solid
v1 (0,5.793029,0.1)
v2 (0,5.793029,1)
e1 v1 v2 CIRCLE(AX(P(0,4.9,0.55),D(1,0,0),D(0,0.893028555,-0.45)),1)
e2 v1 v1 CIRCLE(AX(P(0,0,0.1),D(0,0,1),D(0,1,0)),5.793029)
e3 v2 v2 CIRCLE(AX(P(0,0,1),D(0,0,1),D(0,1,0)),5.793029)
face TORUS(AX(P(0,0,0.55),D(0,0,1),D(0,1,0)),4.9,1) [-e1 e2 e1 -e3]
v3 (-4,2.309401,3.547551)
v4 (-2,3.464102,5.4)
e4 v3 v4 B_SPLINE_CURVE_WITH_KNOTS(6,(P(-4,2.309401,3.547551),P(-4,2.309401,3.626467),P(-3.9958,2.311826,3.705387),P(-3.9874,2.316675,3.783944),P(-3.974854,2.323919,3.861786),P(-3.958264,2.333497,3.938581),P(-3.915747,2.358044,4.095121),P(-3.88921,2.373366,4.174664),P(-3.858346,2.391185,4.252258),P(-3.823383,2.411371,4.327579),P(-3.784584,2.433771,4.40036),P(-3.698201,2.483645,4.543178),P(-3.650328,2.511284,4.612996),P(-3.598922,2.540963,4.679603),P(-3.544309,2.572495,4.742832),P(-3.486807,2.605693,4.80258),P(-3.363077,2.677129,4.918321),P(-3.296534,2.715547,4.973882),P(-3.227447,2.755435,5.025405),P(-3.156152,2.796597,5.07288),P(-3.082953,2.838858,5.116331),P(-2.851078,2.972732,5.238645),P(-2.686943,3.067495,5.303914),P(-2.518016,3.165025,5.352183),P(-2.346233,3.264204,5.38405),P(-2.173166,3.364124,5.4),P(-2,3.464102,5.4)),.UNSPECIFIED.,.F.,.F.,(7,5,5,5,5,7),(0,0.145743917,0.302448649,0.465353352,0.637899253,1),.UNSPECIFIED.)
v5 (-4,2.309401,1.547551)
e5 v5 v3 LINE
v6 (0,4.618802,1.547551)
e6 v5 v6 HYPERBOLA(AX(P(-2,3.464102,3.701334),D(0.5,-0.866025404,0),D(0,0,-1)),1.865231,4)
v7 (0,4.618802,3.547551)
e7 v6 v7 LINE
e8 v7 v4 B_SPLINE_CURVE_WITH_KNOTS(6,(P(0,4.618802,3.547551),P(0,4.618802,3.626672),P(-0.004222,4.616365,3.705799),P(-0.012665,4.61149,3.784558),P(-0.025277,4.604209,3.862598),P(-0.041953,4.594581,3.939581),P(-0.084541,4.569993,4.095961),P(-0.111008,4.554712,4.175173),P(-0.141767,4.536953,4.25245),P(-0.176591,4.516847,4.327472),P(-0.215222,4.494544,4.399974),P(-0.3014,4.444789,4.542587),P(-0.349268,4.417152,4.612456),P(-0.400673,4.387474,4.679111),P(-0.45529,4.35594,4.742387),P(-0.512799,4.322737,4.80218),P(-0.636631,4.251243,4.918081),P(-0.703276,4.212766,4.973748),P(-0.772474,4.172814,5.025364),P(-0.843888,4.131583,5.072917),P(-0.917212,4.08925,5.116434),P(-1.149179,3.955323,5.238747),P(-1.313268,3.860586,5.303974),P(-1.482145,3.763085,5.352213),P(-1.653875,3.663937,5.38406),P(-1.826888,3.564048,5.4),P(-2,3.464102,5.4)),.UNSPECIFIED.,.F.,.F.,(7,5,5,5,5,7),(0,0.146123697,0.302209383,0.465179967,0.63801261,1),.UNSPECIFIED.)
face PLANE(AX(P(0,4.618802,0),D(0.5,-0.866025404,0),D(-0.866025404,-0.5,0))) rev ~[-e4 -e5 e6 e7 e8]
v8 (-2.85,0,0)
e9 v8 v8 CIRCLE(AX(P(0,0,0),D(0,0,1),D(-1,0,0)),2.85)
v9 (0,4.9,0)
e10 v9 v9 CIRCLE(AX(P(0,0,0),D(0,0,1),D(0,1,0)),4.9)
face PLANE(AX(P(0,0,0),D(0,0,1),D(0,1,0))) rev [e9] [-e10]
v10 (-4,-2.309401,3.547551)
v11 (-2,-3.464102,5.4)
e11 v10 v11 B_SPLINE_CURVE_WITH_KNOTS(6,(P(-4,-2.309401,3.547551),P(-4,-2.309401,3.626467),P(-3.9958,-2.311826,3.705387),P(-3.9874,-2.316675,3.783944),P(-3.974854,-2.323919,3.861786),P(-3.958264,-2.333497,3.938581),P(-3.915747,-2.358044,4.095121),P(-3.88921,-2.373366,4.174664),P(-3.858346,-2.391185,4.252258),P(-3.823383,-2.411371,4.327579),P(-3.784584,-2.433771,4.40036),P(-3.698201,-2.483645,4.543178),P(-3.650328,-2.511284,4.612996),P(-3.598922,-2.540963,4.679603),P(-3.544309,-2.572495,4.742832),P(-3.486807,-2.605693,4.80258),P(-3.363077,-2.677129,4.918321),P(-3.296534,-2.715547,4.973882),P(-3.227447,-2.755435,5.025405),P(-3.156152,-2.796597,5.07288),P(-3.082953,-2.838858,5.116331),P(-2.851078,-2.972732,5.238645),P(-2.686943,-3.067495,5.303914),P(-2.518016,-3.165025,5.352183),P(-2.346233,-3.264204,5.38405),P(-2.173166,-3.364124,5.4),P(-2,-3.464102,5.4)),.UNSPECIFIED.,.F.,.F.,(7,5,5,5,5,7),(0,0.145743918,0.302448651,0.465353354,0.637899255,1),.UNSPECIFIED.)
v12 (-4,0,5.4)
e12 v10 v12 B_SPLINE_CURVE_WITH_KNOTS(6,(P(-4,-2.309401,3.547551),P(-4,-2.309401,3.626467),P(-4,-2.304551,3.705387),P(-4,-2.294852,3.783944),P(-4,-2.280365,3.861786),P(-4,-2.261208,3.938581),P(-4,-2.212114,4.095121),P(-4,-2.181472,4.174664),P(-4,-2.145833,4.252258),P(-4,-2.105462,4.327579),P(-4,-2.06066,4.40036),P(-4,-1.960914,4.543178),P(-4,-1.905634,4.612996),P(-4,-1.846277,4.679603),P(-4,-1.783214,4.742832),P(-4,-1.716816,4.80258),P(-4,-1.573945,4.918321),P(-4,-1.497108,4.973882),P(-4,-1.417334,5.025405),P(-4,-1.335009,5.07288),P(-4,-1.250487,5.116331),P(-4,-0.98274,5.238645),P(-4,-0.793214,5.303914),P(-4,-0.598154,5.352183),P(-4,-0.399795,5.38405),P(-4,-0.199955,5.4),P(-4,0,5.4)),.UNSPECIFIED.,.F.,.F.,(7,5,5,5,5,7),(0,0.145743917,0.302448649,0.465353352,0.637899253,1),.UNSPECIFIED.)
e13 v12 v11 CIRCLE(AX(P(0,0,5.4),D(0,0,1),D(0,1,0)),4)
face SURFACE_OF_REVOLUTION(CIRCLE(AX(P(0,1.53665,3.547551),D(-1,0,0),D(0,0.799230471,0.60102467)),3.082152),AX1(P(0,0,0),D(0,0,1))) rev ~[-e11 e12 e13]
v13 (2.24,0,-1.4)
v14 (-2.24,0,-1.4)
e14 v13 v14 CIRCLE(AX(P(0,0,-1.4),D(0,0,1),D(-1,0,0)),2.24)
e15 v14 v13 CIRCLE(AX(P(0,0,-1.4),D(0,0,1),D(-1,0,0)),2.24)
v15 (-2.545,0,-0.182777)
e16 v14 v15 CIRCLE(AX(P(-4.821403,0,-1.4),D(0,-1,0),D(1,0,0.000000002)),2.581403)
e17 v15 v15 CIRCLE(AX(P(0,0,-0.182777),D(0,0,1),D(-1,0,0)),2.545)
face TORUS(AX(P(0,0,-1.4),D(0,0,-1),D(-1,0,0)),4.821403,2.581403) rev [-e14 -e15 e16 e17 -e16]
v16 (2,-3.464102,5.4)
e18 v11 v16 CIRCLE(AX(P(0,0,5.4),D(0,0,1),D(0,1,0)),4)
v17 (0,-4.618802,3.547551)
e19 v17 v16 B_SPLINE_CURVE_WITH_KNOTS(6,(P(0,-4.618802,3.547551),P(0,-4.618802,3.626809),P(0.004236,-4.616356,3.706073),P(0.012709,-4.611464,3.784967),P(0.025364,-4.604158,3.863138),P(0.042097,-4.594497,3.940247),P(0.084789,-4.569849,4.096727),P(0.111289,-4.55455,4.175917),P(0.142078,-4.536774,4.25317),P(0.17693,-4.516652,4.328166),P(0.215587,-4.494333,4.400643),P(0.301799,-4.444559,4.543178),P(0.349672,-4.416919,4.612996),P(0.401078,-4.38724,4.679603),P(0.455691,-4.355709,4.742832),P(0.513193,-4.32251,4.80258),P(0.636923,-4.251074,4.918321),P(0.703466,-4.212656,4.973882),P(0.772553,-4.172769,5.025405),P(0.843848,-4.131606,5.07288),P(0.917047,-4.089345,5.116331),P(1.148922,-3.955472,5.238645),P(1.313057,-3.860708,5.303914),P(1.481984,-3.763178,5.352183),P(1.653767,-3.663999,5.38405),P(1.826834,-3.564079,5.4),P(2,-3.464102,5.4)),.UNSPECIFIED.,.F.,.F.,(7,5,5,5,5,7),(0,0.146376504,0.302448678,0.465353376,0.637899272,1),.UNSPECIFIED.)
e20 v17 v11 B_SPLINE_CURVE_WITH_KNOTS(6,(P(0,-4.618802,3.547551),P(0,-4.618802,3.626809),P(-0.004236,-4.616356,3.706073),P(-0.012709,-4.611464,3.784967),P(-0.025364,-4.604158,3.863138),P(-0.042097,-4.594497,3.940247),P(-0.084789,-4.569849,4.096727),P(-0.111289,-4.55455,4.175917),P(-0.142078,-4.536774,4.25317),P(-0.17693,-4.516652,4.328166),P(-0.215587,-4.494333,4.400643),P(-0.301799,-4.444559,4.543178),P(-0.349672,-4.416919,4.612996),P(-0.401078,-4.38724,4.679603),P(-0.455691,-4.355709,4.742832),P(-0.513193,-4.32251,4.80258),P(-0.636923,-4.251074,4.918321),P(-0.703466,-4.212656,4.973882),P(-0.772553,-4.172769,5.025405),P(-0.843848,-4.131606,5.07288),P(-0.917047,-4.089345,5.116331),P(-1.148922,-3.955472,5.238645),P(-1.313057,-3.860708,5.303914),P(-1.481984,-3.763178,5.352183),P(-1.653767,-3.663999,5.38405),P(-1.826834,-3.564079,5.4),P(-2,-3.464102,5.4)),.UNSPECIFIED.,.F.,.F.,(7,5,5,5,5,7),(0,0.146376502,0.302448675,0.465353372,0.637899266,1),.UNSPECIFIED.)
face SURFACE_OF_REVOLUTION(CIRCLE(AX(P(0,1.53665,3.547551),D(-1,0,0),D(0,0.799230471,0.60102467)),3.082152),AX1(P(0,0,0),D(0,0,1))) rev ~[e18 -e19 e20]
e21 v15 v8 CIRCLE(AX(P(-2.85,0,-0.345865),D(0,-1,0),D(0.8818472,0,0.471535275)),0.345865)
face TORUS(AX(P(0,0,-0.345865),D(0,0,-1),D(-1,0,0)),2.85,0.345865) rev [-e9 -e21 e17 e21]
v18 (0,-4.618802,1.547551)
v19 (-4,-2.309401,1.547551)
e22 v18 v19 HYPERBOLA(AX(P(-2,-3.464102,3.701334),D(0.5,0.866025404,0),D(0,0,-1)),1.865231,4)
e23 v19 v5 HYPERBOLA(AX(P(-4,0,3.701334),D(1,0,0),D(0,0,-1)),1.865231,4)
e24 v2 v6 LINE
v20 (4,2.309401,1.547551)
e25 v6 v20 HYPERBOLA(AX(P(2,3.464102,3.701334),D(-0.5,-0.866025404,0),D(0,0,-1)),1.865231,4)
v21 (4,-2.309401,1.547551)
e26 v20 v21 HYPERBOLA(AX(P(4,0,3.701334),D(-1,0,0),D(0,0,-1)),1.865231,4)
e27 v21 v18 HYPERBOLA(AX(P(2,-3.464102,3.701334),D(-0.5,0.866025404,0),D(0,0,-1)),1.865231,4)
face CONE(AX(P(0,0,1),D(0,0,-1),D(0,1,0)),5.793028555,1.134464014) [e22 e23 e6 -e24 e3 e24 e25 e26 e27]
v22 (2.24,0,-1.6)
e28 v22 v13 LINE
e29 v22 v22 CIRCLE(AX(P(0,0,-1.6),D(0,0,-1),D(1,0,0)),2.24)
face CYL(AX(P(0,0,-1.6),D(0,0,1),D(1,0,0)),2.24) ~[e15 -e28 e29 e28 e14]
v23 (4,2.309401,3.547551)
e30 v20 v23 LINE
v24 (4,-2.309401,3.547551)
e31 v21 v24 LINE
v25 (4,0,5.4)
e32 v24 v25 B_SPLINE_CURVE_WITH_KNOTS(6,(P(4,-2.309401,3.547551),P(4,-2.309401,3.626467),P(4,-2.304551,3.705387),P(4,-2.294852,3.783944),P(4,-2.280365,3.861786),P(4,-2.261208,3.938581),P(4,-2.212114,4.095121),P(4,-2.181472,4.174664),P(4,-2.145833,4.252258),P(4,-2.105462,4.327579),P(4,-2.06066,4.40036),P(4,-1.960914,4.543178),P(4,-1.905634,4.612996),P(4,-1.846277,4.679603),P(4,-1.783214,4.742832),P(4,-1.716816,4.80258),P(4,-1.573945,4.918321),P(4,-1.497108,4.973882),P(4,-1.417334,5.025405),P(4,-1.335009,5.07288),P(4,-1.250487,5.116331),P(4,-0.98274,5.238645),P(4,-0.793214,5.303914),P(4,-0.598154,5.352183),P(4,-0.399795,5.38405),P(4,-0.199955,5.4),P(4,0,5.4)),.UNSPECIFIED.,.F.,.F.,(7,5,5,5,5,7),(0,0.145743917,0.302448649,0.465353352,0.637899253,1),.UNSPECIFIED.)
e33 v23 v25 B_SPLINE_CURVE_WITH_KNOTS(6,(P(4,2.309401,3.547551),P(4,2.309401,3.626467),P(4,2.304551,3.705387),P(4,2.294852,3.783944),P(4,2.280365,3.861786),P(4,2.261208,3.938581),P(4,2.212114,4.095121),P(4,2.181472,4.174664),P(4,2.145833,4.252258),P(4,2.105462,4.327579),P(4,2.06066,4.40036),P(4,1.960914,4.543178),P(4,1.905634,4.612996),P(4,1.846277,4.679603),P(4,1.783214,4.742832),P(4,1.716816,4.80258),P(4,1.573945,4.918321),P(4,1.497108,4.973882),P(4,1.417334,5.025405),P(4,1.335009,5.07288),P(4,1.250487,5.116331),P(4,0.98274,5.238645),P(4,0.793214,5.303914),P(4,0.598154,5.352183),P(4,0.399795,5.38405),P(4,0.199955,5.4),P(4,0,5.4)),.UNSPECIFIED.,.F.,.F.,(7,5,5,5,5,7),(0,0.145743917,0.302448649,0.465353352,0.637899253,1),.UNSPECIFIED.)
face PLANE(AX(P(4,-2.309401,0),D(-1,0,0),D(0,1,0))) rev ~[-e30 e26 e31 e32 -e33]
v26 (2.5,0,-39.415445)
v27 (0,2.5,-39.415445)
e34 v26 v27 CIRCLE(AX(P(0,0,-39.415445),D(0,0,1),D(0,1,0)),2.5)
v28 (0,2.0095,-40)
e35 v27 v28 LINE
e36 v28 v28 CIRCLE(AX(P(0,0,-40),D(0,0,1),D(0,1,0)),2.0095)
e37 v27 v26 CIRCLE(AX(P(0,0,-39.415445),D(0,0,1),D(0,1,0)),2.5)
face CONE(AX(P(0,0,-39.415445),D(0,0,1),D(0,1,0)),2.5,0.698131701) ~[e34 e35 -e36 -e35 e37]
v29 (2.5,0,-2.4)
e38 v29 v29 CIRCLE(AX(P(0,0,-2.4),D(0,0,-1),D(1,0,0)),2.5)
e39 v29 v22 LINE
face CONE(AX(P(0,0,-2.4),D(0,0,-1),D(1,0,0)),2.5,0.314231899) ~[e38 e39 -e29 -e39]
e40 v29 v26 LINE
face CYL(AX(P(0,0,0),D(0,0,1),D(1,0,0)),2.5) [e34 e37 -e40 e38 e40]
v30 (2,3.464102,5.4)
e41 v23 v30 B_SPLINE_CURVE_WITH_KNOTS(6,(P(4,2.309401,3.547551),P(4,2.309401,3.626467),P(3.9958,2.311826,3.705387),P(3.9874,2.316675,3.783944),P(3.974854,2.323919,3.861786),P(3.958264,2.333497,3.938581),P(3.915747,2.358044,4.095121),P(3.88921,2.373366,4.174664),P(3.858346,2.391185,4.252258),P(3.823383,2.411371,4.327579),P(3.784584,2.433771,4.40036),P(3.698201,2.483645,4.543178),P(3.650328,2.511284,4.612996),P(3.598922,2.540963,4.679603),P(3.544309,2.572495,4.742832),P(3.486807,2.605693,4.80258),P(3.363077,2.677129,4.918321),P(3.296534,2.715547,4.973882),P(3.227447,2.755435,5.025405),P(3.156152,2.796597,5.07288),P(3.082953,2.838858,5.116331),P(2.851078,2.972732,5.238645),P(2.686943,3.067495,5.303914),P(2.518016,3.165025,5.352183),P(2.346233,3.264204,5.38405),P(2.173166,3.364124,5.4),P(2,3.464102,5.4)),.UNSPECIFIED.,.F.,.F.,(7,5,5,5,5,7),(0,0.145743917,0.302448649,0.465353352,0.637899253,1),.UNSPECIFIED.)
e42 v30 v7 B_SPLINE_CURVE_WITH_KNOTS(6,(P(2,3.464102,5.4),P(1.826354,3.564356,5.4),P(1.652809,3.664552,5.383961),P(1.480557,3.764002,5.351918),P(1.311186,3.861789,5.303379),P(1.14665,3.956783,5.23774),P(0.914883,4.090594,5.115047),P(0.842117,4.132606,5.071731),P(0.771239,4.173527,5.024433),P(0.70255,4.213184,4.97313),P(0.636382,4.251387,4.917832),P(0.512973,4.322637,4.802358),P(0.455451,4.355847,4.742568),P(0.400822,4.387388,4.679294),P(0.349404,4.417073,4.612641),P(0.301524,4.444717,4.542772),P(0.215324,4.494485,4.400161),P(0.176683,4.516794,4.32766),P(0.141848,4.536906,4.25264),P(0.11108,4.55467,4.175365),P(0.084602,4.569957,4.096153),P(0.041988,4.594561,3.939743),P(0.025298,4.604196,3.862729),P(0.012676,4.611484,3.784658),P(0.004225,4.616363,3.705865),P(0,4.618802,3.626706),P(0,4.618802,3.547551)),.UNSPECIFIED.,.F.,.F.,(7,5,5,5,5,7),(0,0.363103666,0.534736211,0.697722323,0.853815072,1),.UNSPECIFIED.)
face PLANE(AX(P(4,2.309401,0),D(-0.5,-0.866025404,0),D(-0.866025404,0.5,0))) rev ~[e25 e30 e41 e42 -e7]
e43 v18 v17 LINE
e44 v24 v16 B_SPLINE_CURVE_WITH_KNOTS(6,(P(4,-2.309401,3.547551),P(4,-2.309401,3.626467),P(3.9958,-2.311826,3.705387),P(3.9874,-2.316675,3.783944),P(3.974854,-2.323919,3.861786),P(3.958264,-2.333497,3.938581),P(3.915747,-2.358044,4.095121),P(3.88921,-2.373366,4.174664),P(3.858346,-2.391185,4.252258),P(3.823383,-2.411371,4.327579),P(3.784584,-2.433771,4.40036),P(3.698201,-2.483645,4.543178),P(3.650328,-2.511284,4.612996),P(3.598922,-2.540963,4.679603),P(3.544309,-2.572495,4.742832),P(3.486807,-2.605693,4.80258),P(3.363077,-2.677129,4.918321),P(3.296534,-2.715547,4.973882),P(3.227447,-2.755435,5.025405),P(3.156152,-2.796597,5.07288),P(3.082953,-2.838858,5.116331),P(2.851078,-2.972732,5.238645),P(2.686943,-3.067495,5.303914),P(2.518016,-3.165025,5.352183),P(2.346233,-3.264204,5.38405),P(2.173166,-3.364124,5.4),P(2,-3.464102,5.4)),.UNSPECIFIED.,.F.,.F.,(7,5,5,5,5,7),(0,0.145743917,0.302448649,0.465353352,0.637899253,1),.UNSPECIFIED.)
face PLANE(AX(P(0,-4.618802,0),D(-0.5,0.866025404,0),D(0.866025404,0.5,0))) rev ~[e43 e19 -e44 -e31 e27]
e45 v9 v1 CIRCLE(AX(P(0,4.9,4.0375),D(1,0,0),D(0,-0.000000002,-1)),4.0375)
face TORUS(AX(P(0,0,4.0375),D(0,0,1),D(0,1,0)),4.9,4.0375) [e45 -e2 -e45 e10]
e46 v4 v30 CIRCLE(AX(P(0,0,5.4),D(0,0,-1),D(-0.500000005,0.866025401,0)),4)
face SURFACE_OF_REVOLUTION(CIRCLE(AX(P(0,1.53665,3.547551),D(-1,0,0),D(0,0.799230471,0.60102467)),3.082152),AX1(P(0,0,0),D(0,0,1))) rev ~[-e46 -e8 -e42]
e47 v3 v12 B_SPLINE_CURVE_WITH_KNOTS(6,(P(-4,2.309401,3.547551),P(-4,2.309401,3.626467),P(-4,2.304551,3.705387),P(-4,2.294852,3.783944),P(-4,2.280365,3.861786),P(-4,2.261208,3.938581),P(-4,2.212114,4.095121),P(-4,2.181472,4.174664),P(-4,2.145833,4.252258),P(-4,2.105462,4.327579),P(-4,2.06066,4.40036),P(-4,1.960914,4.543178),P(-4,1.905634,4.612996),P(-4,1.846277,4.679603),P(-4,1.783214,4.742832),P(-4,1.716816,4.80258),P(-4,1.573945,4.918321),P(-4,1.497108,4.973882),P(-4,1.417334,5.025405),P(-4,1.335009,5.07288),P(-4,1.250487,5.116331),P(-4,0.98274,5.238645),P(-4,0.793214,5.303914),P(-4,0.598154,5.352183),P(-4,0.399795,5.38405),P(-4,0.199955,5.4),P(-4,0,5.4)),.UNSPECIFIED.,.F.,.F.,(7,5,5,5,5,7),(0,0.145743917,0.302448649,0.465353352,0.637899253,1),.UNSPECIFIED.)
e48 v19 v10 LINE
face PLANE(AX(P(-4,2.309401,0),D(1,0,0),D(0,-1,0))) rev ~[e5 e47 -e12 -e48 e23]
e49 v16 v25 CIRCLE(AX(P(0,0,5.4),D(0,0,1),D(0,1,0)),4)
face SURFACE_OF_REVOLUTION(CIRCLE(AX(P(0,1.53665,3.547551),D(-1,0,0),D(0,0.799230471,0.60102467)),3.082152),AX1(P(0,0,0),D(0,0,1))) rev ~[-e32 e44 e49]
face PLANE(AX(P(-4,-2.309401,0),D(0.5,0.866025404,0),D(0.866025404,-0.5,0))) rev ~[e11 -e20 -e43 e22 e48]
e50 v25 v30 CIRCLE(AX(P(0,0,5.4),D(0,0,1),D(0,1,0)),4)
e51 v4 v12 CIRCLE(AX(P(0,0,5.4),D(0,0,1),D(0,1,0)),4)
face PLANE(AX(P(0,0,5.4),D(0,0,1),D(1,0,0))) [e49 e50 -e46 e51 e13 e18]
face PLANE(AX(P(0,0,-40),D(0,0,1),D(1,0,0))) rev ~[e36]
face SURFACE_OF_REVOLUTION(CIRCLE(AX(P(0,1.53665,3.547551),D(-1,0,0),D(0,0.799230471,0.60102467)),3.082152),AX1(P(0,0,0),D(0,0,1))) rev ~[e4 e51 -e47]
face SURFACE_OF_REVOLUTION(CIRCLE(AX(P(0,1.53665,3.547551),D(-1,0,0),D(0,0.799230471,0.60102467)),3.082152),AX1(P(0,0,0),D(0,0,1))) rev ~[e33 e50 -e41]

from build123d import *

# Parameters (mm, degrees)
HEAD_BOSS_EXTRUDE1_DEPTH   = 5.4
SKETCH11_R                 = 2.5
LENGTH_BOSS_EXTRUDE2_DEPTH = 40


with BuildPart() as part:
    # Sketch8 → head-Boss-Extrude1 (new body)
    with BuildSketch(Plane.XY):
        Polygon((0, 4.618802154), (-4, 2.309401077), (-4, -2.309401077), (0, -4.618802154), (4, -2.309401077), (4, 2.309401077), align=None)
    extrude(amount=HEAD_BOSS_EXTRUDE1_DEPTH)

    # Sketch9 → k'-Cut-Revolve1 (revolve, cut)
    with BuildSketch(Plane(origin=(0, 0, 0), x_dir=(0, 0, -1), z_dir=(1, 0, 0))):
        with BuildLine():
            Line((-5.4, 4.618802154), (-5.4, 4))
            ThreePointArc((-5.4, 4), (-4.524086001, 4.460011199), (-3.547550763, 4.618802154))
            Line((-3.547550763, 4.618802154), (-5.4, 4.618802154))
        make_face()
    revolve(axis=Axis((0, 0, 0), (0, 0, 1)), mode=Mode.SUBTRACT)

    # Sketch10 → flange-Revolve1 (revolve)
    with BuildSketch(Plane(origin=(0, 0, 0), x_dir=(0, 0, -1), z_dir=(1, 0, 0))):
        with BuildLine():
            Line((-1, 5.793028555), (-2.535564434, 2.5))
            Line((-2.535564434, 2.5), (0, 2.5))
            Line((0, 2.5), (0, 4.9))
            ThreePointArc((0, 4.9), (-0.025077882, 5.349305019), (-0.1, 5.793028555))
            ThreePointArc((-0.1, 5.793028555), (-0.55, 5.9), (-1, 5.793028555))
        make_face()
    revolve(axis=Axis((0, 0, 0), (0, 0, 1)))

    # Sketch11 → length-Boss-Extrude2 (add)
    with BuildSketch(Plane.XY):
        Circle(SKETCH11_R)
    extrude(amount=-LENGTH_BOSS_EXTRUDE2_DEPTH)

    # Sketch12 → thread-Cut-Revolve3 (revolve, cut)
    with BuildSketch(Plane(origin=(0, 0, 0), x_dir=(0, 0, -1), z_dir=(1, 0, 0)), mode=Mode.PRIVATE) as thread_cut_revolve3_sk:
        Polygon((1.6, 2.24), (0, 2.24), (0, 2.5), (2.4, 2.5), align=None)
    revolve(thread_cut_revolve3_sk.sketch.rotate(Axis((0, 0, 0), (0, 0, -1)), 90), axis=Axis((0, 0, 0), (0, 0, -1)), mode=Mode.SUBTRACT)

    # Sketch13 → chamfer-Cut-Revolve4 (revolve, cut)
    with BuildSketch(Plane(origin=(0, 0, 0), x_dir=(0, 0, -1), z_dir=(1, 0, 0))):
        Polygon((40, 2.0095), (40, 2.5), (39.415444863, 2.5), align=None)
    revolve(axis=Axis((0, 0, -40), (0, 0, 1)), mode=Mode.SUBTRACT)

    # Sketch15 → coarse-fillet-Revolve2 (revolve)
    with BuildSketch(Plane(origin=(0, 0, 0), x_dir=(0, 0, -1), z_dir=(1, 0, 0)), mode=Mode.PRIVATE) as coarse_fillet_revolve2_sk:
        with BuildLine():
            Line((0, 2.24), (1.4, 2.24))
            ThreePointArc((1.4, 2.24), (0.77257354, 2.31741069), (0.182777402, 2.545))
            ThreePointArc((0.182777402, 2.545), (0.049192715, 2.672213204), (0, 2.85))
            Line((0, 2.85), (0, 2.24))
        make_face()
    revolve(coarse_fillet_revolve2_sk.sketch.rotate(Axis((0, 0, -40), (0, 0, 1)), 90), axis=Axis((0, 0, -40), (0, 0, 1)))


solid = part.part
